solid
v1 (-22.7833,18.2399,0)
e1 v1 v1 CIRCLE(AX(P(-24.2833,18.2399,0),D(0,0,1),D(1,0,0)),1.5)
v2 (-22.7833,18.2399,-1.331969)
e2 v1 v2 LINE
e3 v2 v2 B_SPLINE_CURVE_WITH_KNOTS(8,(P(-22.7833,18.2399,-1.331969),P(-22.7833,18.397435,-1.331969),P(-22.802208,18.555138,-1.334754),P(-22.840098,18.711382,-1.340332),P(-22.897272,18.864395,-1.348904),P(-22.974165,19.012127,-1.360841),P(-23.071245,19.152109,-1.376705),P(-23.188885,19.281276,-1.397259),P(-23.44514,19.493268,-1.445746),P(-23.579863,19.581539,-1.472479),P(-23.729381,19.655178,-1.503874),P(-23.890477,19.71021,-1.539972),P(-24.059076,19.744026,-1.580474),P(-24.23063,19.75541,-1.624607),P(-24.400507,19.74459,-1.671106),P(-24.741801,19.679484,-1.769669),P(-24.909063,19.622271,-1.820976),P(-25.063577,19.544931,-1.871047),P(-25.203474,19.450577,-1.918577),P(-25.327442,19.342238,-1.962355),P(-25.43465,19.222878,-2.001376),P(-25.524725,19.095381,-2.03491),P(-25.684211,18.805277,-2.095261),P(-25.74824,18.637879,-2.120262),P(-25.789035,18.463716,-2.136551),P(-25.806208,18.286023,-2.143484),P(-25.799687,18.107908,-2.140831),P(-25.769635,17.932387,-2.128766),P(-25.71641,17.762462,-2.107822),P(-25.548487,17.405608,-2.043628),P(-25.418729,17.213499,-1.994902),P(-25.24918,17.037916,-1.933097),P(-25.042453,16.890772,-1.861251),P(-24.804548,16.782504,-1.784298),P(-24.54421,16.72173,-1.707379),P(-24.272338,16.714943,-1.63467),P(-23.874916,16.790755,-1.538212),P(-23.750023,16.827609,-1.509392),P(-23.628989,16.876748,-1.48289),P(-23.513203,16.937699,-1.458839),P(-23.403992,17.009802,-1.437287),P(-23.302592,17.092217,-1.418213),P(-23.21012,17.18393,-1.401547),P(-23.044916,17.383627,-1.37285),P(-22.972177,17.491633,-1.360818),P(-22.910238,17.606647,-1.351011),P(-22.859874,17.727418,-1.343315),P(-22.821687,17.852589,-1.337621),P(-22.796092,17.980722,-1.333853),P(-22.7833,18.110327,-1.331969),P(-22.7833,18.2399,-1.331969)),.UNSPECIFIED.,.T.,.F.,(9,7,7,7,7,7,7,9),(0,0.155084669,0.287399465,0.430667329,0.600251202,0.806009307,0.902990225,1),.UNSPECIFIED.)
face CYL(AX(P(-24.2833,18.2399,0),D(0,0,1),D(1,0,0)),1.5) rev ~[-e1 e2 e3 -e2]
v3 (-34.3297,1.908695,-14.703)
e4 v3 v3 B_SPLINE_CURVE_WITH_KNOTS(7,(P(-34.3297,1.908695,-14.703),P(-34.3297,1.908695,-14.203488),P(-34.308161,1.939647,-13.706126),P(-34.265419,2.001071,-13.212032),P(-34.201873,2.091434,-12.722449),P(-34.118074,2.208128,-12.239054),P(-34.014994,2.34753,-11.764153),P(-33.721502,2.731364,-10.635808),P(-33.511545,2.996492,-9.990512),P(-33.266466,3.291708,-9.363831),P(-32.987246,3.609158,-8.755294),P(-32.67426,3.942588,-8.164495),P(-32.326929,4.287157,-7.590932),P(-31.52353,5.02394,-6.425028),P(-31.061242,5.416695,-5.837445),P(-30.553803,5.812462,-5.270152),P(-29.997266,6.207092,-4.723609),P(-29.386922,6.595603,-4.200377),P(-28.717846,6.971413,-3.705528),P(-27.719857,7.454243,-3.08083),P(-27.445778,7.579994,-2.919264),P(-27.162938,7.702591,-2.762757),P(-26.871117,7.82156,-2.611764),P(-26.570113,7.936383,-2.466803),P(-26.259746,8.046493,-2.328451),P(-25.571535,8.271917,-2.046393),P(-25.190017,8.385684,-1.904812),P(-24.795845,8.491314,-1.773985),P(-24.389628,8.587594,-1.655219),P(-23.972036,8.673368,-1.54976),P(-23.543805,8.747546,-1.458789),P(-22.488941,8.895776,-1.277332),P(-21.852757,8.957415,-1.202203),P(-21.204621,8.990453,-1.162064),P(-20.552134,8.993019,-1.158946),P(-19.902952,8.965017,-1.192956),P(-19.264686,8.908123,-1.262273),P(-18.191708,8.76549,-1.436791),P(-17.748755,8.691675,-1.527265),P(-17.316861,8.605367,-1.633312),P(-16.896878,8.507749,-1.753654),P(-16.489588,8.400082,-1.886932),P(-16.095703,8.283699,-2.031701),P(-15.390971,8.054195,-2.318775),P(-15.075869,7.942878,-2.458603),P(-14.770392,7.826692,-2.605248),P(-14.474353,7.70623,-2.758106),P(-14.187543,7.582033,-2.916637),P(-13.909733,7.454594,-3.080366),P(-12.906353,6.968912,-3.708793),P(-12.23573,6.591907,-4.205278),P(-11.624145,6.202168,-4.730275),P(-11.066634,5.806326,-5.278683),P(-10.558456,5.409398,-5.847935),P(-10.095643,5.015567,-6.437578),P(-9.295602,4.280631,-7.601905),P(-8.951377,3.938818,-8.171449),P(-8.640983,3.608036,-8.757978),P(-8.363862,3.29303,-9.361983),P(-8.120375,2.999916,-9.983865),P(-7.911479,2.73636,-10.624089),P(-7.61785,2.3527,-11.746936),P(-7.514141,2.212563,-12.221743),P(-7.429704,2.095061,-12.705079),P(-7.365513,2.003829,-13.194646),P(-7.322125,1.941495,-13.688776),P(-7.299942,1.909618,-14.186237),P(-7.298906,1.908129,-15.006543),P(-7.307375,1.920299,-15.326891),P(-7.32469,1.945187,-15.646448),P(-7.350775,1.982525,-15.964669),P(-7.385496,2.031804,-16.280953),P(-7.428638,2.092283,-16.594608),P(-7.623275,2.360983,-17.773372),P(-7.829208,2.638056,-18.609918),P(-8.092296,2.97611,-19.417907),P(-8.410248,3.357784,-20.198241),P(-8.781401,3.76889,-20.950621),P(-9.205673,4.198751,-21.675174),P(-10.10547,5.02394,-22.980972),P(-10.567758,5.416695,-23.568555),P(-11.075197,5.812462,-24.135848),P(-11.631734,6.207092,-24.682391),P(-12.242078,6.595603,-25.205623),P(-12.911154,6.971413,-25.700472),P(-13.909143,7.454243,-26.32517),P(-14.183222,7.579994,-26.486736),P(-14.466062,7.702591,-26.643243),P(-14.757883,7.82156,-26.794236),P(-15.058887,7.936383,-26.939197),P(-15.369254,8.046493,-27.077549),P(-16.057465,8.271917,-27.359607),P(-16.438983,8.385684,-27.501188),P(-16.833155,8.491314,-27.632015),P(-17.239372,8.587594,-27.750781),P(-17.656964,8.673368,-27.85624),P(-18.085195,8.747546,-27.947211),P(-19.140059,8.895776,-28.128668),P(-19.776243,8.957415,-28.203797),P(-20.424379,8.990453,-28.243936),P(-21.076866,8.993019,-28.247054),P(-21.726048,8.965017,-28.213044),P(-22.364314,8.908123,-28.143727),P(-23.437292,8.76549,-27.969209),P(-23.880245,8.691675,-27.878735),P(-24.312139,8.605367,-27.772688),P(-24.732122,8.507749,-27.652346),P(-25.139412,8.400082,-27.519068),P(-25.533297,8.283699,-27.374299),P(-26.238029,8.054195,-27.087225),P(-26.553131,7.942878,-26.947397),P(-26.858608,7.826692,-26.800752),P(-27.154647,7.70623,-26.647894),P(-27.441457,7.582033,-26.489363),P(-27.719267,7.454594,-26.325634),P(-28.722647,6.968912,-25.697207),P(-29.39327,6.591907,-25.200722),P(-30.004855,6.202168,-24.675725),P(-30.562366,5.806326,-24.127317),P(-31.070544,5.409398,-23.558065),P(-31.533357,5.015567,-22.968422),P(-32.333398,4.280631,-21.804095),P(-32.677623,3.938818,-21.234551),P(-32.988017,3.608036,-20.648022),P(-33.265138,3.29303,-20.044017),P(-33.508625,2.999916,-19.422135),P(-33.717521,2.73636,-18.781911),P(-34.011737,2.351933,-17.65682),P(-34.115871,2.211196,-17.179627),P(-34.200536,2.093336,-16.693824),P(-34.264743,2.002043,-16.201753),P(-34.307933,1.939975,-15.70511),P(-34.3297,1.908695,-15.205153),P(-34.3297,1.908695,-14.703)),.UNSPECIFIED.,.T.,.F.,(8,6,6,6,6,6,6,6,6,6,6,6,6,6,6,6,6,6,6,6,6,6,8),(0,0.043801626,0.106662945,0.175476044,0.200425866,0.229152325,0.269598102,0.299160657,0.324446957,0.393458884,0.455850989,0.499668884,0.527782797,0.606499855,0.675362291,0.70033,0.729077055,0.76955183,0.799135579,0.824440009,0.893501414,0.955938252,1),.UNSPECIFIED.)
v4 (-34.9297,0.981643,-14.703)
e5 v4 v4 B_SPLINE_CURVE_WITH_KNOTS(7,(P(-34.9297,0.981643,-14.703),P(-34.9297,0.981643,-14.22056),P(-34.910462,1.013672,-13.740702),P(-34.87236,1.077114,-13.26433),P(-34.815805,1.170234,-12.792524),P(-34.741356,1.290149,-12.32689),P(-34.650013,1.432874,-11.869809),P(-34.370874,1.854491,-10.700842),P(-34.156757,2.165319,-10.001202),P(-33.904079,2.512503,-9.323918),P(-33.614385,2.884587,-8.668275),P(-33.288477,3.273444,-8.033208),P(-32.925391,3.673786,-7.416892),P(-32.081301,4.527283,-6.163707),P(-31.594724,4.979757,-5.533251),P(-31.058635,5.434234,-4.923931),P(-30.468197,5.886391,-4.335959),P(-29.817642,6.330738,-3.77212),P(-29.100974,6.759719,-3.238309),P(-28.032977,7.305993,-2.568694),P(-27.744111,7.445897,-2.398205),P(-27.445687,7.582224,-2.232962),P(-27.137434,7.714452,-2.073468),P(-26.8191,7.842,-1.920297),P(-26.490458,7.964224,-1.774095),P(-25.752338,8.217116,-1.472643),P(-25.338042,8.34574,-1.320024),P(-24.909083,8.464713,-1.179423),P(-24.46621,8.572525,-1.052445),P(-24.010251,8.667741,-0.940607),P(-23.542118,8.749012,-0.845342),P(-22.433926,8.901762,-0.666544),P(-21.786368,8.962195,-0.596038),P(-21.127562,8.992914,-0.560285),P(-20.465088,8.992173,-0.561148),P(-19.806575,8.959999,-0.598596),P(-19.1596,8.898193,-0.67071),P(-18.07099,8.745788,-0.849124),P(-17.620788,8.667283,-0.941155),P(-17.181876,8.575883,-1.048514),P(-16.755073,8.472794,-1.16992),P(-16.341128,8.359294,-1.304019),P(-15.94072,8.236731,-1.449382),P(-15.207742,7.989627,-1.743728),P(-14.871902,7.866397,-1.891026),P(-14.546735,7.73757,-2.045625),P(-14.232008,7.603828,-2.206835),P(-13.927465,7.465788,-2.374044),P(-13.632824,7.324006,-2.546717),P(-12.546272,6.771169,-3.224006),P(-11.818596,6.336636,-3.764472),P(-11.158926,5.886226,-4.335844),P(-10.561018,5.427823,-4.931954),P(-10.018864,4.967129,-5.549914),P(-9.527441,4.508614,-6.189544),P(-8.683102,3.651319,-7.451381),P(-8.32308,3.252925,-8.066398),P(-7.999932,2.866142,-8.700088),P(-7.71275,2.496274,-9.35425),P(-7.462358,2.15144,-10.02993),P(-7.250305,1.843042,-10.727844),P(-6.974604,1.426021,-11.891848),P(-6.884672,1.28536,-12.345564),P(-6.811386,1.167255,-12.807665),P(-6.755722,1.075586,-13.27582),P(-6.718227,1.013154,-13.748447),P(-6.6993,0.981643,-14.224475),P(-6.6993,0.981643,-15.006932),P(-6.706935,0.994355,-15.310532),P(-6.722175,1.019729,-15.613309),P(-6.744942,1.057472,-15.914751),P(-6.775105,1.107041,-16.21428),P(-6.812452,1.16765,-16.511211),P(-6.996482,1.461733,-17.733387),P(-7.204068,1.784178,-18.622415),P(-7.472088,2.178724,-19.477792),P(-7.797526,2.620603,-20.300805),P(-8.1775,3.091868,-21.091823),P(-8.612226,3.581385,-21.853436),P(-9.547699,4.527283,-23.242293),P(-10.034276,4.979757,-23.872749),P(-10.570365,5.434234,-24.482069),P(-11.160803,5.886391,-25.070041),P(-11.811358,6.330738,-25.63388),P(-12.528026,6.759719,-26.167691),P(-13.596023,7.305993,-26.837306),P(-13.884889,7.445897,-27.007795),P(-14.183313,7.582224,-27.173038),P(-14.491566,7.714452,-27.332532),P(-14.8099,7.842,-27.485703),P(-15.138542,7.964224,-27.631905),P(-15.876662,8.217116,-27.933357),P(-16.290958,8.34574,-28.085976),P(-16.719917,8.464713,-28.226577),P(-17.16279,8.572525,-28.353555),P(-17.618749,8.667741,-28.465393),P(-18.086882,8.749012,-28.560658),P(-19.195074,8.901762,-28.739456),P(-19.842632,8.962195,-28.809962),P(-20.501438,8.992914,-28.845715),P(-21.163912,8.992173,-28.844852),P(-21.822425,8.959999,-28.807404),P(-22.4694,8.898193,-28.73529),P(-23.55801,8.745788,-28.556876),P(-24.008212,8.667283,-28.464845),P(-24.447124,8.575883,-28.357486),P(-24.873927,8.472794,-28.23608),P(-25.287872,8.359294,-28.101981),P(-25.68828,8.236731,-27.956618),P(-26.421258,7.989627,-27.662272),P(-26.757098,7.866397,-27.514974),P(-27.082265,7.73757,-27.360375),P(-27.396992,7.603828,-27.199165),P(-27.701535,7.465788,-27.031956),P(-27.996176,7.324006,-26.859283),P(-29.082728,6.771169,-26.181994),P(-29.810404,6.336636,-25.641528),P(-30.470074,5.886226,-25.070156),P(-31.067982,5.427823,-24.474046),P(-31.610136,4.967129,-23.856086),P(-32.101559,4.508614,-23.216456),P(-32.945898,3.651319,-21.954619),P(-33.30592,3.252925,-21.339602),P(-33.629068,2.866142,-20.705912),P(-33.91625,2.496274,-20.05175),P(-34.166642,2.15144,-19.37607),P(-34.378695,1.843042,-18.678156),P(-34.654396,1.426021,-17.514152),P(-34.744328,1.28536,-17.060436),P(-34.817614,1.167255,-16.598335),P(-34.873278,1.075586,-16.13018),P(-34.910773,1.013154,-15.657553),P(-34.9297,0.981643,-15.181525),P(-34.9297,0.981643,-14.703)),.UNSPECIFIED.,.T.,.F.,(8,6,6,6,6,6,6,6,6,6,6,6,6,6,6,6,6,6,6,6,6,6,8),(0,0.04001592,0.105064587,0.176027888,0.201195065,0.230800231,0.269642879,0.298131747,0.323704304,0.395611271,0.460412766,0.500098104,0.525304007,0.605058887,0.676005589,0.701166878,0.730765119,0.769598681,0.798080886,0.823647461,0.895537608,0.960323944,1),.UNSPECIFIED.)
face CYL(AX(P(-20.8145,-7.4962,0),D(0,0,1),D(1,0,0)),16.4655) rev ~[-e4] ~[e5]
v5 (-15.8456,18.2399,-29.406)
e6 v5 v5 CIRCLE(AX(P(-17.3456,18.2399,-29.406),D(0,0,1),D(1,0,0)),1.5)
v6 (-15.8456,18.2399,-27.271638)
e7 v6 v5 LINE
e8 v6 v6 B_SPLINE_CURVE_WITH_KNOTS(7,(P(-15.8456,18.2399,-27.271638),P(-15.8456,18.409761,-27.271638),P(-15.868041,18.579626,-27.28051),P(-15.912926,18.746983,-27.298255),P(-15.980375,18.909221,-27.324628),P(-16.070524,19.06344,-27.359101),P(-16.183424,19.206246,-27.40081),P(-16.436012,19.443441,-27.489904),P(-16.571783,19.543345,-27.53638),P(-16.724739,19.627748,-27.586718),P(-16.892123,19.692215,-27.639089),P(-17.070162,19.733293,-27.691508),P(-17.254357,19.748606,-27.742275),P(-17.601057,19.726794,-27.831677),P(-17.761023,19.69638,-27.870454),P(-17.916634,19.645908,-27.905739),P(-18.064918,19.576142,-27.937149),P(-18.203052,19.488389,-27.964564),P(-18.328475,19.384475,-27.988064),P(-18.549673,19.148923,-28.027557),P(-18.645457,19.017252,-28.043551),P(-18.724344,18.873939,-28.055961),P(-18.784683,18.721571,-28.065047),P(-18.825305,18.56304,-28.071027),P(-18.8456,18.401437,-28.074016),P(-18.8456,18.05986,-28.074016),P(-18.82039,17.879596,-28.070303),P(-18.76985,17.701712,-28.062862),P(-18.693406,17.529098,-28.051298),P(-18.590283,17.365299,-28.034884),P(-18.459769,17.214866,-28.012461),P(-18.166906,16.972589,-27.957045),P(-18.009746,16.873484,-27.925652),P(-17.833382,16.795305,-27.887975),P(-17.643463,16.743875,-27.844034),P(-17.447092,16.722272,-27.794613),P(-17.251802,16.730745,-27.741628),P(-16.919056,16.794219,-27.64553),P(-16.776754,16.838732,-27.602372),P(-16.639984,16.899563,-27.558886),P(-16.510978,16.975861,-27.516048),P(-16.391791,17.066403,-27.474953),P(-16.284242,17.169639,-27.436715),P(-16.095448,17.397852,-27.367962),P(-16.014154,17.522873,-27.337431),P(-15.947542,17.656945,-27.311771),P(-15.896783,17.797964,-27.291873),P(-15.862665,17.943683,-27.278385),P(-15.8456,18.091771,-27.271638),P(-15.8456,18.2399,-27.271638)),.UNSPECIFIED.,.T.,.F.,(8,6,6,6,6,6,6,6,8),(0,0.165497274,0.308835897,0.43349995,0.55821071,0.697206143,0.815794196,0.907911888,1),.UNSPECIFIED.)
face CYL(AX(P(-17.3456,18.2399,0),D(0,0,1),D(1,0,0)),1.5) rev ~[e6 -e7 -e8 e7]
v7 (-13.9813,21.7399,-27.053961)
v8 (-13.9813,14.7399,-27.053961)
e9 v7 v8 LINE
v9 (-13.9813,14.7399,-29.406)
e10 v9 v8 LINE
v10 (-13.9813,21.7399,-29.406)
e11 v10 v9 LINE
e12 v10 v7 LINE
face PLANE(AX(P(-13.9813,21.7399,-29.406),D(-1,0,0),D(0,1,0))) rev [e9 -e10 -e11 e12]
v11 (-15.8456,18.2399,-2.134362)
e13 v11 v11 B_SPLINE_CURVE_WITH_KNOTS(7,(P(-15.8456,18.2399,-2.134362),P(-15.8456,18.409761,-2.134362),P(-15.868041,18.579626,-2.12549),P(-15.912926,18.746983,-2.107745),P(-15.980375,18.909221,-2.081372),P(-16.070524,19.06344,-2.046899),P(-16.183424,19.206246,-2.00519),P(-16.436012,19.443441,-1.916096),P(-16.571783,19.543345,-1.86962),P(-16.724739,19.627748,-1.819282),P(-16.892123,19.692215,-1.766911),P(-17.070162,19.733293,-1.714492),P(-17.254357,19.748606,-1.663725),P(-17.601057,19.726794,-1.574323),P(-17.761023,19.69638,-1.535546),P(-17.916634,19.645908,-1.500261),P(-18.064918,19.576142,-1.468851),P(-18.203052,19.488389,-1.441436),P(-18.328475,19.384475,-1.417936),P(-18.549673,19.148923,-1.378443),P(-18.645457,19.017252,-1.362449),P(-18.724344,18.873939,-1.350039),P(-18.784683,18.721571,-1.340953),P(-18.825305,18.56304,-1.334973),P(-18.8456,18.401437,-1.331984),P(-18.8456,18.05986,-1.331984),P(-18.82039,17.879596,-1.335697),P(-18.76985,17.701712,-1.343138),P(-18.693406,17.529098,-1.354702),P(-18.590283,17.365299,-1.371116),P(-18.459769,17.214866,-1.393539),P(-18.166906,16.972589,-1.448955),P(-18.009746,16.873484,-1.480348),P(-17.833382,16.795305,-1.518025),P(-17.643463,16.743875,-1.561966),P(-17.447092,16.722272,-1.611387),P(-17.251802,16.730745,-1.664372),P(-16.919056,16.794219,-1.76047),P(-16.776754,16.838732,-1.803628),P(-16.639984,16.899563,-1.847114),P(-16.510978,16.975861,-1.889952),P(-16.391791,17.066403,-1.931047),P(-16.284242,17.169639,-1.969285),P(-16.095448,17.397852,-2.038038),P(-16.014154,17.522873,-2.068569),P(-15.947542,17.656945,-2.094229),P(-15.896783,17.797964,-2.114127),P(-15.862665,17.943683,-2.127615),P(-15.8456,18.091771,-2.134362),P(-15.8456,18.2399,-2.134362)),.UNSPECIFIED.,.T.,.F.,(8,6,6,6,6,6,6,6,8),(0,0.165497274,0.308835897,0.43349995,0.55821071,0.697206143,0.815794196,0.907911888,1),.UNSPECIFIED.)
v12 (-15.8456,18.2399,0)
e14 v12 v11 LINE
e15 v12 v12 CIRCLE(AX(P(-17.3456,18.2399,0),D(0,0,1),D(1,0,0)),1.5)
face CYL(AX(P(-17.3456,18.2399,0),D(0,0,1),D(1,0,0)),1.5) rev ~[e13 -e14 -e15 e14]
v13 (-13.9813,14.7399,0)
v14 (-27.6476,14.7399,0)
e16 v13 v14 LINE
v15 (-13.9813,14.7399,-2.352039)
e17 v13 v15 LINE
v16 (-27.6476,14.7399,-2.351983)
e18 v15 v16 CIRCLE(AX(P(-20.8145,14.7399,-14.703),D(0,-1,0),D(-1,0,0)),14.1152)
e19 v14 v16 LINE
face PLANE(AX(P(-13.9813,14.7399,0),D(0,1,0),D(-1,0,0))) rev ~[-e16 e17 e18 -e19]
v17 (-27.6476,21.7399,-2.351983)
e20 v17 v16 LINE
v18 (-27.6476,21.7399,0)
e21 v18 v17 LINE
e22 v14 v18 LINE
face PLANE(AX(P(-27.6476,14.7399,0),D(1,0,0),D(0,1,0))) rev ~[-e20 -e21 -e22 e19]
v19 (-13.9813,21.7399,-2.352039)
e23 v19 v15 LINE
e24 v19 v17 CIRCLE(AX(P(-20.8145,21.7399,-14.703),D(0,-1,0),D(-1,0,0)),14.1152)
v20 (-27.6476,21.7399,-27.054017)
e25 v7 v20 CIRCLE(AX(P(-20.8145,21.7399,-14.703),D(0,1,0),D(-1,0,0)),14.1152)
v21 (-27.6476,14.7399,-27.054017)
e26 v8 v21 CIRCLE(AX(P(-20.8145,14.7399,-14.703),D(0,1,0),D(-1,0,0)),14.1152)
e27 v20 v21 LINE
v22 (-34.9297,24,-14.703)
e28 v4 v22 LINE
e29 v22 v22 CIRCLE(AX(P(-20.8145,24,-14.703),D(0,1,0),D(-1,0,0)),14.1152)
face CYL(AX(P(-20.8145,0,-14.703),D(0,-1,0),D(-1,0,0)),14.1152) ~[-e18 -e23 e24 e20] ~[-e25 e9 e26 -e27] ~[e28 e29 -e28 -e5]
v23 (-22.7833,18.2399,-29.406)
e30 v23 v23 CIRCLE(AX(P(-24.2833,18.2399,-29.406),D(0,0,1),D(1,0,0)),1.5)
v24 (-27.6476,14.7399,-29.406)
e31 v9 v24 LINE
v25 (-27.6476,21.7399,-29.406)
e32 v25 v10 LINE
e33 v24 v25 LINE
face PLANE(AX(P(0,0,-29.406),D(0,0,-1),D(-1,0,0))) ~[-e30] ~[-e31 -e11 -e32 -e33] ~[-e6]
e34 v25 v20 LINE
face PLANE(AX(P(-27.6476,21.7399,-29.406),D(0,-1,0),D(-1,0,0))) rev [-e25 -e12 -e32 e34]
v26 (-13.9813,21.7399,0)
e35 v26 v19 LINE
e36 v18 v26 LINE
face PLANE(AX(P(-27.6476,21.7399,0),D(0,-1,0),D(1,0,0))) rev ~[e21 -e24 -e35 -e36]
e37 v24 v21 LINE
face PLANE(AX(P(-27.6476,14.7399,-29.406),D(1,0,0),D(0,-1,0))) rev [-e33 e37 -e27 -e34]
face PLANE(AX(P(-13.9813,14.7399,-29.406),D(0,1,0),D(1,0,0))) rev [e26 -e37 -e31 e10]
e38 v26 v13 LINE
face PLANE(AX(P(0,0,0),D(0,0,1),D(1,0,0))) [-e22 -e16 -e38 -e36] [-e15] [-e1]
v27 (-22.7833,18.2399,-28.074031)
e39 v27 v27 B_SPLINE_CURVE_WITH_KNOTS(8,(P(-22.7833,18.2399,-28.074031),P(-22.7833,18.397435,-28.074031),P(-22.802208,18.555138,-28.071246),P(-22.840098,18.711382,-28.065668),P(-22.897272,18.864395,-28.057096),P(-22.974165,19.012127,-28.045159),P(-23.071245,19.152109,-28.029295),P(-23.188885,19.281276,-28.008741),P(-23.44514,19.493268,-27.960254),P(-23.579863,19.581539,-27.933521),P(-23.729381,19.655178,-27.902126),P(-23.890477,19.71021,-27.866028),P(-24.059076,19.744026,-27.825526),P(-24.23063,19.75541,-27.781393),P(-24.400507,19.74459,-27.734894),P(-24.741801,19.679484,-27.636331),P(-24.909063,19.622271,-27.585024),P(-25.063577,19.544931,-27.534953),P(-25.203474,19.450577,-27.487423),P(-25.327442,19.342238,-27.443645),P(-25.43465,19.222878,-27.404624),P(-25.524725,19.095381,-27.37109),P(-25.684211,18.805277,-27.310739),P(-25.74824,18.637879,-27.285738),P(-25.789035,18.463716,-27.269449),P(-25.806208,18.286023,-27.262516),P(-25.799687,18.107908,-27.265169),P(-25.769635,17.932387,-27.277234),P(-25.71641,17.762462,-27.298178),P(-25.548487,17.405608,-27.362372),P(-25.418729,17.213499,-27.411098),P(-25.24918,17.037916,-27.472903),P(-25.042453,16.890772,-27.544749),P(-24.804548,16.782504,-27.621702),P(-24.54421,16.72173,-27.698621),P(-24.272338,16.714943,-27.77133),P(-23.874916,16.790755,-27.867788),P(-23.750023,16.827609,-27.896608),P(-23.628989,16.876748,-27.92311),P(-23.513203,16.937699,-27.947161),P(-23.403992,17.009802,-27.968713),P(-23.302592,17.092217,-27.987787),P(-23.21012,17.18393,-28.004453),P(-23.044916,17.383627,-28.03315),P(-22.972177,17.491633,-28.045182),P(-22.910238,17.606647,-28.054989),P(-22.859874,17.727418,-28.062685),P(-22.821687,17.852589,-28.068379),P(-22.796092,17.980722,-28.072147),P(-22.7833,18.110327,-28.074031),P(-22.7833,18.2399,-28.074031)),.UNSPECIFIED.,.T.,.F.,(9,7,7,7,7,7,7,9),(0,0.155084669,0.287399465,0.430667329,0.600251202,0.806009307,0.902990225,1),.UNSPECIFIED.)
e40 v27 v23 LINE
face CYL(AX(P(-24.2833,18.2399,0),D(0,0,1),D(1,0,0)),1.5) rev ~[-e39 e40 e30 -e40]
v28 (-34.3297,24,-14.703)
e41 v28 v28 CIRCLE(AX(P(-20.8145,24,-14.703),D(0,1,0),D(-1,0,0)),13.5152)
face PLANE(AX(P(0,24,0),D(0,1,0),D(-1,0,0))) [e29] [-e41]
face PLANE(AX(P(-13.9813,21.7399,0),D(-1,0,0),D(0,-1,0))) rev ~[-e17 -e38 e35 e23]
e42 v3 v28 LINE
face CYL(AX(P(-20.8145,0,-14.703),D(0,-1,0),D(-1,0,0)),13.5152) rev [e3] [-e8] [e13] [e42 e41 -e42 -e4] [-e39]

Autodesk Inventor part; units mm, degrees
ref_plane "YZ Plane" through (0, 0, 0) normal (1, 0, 0) x (0, 1, 0)
ref_plane "XZ Plane" through (0, 0, 0) normal (0, 1, 0) x (-1, 0, 0)
sketch "Sketch1" plane through (0, 0, 0) normal (0, 1, 0) x (-1, 0, 0)
  circle A0 centre (20.8145, -14.703) radius 14.1152
  circle A1 centre (20.8145, -14.703) radius 13.5152
  point P0 (0, 0)
  dimension "d0" = 0.6
extrude "Extrusion1" add sketch "Sketch1" along normal blind 24
ref_plane "Work Plane1" through (0, 0, -29) normal (0, 0, 1) x (1, 0, 0)
sketch "Sketch3" plane through (0, 0, 0) normal (1, 0, 0) x (0, 1, 0)
  point P0 (0, 0)
sketch "Sketch4" plane through (0, 0, 0) normal (0, 0, 1) x (1, 0, 0)
  line L0 (-34.9297, 0) -> (-34.9297, 24) projected
  line L1 (-6.6992, 0) -> (-6.6992, 24) projected
  line L2 (-34.9297, 18.2399) -> (-20.8145, 18.2399) construction
  line L3 (-20.8145, 18.2399) -> (-6.6992, 18.2399) construction
  line L4 (-13.9813, 14.7399) -> (-27.6476, 14.7399)
  line L5 (-27.6476, 14.7399) -> (-27.6476, 21.7399)
  line L6 (-27.6476, 21.7399) -> (-13.9813, 21.7399)
  line L7 (-13.9813, 21.7399) -> (-13.9813, 14.7399)
  line L8 (-13.9813, 14.7399) -> (-27.6476, 21.7399) construction
  line L9 (-27.6476, 14.7399) -> (-13.9813, 21.7399) construction
  point P0 (0, 0)
  dimension "d14" = 7
extrude "Extrusion3" add sketch "Sketch4" against normal up to surface
sketch "Sketch5" plane through (-20.8145, 24, -14.703) normal (0, 1, 0) x (1, 0, 0)
  point P0 (20.8145, -14.703)
  point P1 (0, 0)
ref_plane "Work Plane2" through (-20.8145, 24, -14.703) normal (0, 0, 1) x (1, 0, 0)
mirror "Mirror1" about plane through (-20.8145, 24, -14.703) normal (0, 0, 1) of "Extrusion3"
sketch "Sketch6" plane through (0, 0, 0) normal (0, 0, 1) x (1, 0, 0)
  line L0 (-13.9813, 14.7399) -> (-13.9813, 21.7399) projected
  line L1 (-13.9813, 21.7399) -> (-27.6476, 21.7399) projected
  line L2 (-27.6476, 21.7399) -> (-27.6476, 14.7399) projected
  line L3 (-27.6476, 14.7399) -> (-13.9813, 14.7399) projected
  line L4 (-17.3456, 21.7399) -> (-17.3456, 18.2399) construction
  line L5 (-17.3456, 18.2399) -> (-17.3456, 14.7399) construction
  line L6 (-24.2833, 21.7399) -> (-24.2833, 18.2399) construction
  line L7 (-24.2833, 18.2399) -> (-24.2833, 14.7399) construction
  line L8 (-17.3456, 18.2399) -> (-13.9813, 18.2399) construction
  line L9 (-13.9813, 21.7399) -> (-13.9813, 14.7399) construction
  line L10 (-24.2833, 18.2399) -> (-27.6476, 18.2399) construction
  circle A0 centre (-17.3456, 18.2399) radius 1.5
  circle A1 centre (-24.2833, 18.2399) radius 1.5
  point P0 (0, 0)
  dimension "d10" = 3
  dimension "d11" = 3
extrude "Extrusion4" cut sketch "Sketch6" against normal blind 72.25 contours A0 | A1
sketch "Sketch7" plane through (0, 0, 0) normal (0, 0, 1) x (1, 0, 0)
  circle A0 centre (-20.8145, -7.4962) radius 16.4655
  line L0 (-34.9297, 0) -> (-34.9297, 24) projected
  line L1 (-6.6992, 0) -> (-6.6992, 24) projected
  line L2 (-34.9297, 12) -> (-20.8145, 12)
  line L3 (-20.8145, 12) -> (-6.6992, 12)
  line L4 (-20.8145, 12) -> (-20.8145, -15.8986) construction
  point P0 (0, 0)
  dimension "d15" = 32.931
extrude "Extrusion5" cut sketch "Sketch7" against normal blind 60.25 contours A0
